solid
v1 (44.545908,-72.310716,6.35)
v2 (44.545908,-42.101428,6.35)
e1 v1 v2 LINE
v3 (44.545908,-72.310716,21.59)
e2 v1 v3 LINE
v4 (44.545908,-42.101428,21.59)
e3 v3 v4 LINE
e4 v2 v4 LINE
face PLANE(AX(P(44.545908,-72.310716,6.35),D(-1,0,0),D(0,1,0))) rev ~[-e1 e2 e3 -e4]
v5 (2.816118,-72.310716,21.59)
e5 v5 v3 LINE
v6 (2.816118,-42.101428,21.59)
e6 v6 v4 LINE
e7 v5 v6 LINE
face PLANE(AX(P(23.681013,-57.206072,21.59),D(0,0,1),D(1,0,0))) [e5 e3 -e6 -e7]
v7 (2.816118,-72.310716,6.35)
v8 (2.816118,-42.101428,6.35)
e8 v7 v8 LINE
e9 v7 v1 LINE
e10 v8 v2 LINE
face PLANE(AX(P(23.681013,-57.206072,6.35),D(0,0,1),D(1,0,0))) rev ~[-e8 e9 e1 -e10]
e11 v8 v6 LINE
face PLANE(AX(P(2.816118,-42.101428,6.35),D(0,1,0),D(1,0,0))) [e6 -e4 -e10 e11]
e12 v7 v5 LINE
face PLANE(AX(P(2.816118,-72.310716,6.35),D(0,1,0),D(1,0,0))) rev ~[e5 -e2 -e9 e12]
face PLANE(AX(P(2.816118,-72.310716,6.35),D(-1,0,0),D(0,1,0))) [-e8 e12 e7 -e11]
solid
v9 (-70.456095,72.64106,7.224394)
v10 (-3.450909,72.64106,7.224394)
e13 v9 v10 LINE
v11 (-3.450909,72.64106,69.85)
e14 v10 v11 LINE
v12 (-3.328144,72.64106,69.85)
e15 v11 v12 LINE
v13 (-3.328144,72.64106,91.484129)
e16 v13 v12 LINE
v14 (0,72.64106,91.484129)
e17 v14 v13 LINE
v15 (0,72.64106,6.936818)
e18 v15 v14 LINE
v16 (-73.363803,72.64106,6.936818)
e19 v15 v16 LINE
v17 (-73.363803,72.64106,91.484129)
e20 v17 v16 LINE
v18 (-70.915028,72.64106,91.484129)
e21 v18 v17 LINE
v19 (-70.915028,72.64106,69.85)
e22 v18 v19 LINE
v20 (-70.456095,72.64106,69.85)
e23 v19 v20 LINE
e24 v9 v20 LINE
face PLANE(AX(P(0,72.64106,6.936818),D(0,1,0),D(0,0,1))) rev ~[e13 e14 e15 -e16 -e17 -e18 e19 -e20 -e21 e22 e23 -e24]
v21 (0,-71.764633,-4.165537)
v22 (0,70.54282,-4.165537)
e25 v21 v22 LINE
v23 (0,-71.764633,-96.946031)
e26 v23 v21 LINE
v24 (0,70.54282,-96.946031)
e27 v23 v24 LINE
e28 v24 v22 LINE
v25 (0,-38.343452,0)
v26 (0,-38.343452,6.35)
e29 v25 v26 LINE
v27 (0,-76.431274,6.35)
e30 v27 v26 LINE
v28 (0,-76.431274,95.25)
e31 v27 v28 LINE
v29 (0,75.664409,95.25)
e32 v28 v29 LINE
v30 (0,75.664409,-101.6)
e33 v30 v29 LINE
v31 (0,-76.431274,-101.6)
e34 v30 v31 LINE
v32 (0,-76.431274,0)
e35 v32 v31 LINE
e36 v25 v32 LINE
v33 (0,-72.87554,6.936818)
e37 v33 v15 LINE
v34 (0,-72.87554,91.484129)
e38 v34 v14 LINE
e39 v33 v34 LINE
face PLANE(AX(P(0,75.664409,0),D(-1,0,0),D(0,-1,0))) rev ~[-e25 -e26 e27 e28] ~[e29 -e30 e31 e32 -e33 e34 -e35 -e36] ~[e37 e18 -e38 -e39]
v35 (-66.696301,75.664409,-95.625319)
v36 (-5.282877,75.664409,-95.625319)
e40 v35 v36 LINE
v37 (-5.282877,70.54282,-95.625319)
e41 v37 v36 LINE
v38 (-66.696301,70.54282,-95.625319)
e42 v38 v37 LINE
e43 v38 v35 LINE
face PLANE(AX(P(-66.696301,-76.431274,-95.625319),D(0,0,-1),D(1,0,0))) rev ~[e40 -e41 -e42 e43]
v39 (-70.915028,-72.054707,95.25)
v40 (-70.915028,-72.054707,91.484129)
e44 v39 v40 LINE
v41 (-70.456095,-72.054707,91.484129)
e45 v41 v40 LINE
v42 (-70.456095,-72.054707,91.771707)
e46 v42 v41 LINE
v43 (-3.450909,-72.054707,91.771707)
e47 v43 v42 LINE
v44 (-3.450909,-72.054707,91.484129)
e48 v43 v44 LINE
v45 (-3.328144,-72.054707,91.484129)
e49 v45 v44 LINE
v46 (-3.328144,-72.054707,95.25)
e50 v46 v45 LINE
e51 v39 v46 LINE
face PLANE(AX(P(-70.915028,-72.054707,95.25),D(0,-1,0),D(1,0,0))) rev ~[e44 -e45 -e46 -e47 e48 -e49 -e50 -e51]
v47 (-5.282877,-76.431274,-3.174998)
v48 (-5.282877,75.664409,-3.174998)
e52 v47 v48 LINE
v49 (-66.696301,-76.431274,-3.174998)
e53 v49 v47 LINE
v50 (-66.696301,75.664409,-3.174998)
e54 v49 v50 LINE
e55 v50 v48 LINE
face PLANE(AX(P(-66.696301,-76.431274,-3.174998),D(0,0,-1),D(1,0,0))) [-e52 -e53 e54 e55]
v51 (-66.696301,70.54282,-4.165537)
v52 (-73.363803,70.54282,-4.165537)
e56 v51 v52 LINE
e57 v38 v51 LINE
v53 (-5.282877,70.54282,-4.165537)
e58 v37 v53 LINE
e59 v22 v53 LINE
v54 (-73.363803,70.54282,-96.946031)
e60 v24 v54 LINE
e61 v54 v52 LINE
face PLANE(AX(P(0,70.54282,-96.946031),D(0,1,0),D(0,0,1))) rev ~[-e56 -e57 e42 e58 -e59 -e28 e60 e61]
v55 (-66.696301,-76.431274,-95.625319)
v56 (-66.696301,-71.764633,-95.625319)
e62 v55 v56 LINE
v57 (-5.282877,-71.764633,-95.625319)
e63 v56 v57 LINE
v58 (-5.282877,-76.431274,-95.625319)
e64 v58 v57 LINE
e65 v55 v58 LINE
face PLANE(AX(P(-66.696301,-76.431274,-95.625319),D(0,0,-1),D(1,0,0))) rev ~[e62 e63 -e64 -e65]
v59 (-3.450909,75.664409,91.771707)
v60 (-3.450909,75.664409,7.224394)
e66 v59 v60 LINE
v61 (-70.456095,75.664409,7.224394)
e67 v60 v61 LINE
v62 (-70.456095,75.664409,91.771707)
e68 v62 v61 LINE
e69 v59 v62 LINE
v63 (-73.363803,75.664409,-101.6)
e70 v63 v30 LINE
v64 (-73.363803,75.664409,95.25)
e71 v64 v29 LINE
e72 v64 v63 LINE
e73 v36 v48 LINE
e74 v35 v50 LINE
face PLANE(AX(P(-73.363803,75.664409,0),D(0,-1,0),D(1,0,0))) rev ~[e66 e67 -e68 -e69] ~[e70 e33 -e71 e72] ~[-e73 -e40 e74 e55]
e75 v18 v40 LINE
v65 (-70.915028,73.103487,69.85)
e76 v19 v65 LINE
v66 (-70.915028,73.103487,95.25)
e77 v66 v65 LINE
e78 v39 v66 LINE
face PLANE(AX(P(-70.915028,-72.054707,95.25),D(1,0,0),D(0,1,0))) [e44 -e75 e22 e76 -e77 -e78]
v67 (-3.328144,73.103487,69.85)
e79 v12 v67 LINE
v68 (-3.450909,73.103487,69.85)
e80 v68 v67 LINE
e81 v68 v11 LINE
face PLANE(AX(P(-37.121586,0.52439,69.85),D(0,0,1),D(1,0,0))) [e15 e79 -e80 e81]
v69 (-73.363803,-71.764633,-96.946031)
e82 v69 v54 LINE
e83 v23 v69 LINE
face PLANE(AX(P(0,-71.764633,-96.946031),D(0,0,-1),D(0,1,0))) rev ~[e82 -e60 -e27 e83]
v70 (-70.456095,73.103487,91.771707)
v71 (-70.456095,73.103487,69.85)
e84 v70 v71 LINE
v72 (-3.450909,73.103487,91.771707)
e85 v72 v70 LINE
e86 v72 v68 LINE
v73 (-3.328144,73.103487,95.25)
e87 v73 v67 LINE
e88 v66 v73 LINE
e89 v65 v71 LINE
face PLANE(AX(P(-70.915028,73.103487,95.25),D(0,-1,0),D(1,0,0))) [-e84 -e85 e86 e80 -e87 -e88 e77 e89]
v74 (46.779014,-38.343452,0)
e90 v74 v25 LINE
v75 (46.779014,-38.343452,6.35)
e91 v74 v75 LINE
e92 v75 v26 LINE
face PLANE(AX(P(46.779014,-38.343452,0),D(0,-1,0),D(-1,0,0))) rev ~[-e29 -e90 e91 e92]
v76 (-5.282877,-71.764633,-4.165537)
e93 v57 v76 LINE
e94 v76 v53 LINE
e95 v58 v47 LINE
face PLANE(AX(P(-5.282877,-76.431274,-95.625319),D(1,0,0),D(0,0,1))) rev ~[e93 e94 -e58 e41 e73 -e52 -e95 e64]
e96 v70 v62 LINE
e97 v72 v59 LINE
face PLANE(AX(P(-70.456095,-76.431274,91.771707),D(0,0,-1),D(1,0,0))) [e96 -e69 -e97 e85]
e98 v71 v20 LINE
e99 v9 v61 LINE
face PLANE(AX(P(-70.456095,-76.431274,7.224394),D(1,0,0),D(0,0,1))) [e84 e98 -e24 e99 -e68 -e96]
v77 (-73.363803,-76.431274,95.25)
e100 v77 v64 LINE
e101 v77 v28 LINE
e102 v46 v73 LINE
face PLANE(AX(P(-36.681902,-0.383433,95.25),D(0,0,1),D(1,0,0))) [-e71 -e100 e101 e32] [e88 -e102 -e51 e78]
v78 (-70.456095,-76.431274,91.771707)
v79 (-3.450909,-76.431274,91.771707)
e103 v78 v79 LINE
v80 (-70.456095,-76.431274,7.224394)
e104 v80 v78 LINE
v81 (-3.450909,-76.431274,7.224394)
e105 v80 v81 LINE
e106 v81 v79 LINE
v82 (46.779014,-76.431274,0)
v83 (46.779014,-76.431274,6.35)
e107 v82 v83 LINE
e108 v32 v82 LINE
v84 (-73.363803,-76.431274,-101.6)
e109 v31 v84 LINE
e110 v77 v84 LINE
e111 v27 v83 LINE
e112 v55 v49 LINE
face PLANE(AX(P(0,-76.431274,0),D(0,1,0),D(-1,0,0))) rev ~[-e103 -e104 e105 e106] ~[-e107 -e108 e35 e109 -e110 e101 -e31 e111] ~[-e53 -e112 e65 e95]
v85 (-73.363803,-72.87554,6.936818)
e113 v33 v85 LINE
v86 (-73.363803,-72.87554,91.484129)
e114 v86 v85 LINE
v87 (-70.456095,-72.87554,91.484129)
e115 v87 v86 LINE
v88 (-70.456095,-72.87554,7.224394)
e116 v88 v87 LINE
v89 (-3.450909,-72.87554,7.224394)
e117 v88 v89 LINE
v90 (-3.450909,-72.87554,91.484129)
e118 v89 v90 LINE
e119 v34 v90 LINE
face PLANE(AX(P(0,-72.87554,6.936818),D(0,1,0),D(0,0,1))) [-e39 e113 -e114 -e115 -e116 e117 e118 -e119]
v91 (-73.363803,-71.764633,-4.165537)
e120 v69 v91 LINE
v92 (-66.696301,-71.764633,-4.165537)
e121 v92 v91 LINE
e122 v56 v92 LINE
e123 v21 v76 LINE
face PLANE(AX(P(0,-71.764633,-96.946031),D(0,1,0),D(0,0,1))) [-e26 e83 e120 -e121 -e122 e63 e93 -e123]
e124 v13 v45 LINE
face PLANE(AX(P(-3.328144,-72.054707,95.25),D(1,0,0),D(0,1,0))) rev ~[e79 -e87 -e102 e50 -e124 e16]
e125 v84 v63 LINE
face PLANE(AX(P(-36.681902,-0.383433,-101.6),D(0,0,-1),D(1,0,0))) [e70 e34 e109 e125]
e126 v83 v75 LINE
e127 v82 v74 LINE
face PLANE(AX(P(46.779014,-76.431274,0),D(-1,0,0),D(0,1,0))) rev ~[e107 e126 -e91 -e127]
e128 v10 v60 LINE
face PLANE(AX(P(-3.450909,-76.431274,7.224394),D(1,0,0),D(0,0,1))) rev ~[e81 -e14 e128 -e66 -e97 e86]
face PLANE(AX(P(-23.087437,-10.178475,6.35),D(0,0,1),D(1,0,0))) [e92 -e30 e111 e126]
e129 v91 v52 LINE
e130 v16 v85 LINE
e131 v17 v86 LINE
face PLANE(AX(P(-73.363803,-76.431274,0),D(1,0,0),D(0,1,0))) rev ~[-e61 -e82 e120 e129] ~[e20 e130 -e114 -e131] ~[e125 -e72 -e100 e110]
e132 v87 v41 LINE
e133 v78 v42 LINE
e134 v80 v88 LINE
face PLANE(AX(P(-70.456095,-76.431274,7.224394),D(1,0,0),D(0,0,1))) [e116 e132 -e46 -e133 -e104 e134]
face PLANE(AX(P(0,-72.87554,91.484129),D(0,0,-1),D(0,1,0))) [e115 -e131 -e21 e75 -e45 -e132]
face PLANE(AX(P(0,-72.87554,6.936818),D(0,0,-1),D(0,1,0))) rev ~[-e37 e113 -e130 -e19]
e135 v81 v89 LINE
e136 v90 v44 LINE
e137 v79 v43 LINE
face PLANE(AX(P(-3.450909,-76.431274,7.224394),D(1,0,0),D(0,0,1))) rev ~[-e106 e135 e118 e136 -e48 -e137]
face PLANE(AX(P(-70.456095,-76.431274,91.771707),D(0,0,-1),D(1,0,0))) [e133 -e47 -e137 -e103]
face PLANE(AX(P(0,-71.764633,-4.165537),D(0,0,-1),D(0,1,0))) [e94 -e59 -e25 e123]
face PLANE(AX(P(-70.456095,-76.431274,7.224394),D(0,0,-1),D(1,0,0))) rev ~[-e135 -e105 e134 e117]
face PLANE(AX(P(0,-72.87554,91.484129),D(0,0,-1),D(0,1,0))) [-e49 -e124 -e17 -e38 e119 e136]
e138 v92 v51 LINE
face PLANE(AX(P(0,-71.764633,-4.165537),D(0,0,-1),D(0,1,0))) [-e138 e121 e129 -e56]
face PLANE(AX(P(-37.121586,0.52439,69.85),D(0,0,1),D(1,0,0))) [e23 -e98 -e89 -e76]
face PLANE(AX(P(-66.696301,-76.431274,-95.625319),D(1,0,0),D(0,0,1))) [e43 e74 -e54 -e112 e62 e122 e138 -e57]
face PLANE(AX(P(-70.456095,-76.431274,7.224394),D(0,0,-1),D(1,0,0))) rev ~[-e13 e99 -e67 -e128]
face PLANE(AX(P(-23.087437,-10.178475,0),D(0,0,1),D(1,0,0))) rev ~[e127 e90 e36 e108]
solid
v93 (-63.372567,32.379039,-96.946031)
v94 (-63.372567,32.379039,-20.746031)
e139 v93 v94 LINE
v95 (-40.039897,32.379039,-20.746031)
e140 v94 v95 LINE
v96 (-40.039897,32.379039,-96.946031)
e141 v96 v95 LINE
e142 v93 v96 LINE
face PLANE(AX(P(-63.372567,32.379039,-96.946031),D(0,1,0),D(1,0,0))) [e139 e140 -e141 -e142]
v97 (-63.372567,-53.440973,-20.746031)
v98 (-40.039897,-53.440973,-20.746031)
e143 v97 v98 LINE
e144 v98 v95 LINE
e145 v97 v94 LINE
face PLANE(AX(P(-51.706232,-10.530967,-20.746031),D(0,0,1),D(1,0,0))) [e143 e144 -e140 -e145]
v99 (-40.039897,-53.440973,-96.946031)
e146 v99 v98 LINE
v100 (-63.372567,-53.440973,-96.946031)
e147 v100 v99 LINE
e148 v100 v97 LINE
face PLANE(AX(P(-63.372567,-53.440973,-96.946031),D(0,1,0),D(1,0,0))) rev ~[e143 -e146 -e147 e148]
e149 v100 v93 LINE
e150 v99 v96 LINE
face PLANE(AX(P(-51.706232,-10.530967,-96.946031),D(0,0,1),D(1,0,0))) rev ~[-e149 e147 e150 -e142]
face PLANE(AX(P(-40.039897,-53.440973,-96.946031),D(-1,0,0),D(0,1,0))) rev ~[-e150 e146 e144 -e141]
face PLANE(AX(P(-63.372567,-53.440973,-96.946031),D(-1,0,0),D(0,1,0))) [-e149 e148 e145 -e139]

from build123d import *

# Parameters (mm, degrees)
F1_DEPTH  = 6.35
F2_W      = 73.3638033271
F2_H      = 152.095682919
F3_DEPTH  = 88.9
F4_W      = 67.0051856432
F4_H      = 84.5473129302
F5_DEPTH  = 152.096682919
F6_W      = 145.5166
F6_H      = 84.5473115332
F7_DEPTH  = 73.3648033271
F9_DEPTH  = 101.6
F10_W     = 61.4134236239
F10_H     = 92.4503207207
F11_DEPTH = 152.096682919
F12_W     = 142.3074528575
F12_H     = 92.7804936655
F13_DEPTH = 73.3648033271
F14_W     = 41.7297899257
F14_H     = 30.2092880011
F15_DEPTH = 15.24
F16_W     = 23.332670331
F16_H     = 85.8200117946
F17_DEPTH = 76.2
F18_W     = 67.5868841354
F18_H     = 145.1581940055
F19_DEPTH = 25.4


with BuildPart() as f1:
    # F0 (on Top) → F1 (new body)
    with BuildSketch(Plane.XY):
        Polygon((0, -38.3434519172), (0, 0), (0, 75.664408505), (-73.3638033271, 75.664408505), (-73.3638033271, -76.4312744141), (46.7790141702, -76.4312744141), (46.7790141702, -38.3434519172), align=None)
    extrude(amount=F1_DEPTH)

    # F2 (on face) → F3 (join)
    with BuildSketch(Plane.XY.offset(6.35)):
        with Locations((-36.6819016635, -0.3834329545)):
            Rectangle(F2_W, F2_H)
    extrude(amount=F3_DEPTH)

    # F4 (on face) → F5 (cut, through all)
    with BuildSketch(Plane.XZ.offset(76.4312744141)):
        with Locations((-36.9535022182, 49.4980504736)):
            Rectangle(F4_W, F4_H)
    extrude(amount=-F5_DEPTH, mode=Mode.SUBTRACT)

    # F6 (on face) → F7 (cut, through all)
    with BuildSketch(Plane.YZ):
        with Locations((-0.1172402437, 49.2104736622)):
            Rectangle(F6_W, F6_H)
    extrude(amount=-F7_DEPTH, mode=Mode.SUBTRACT)

    # F8 (on face) → F9 (join)
    with BuildSketch(Plane(origin=(0, 0, 0), x_dir=(1, 0, 0), z_dir=(0, 0, -1))):
        Polygon((0, 76.4312744141), (-73.3638033271, 76.4312744141), (-73.3638033271, -75.664408505), (0, -75.664408505), (0, 38.3434519172), align=None)
    extrude(amount=F9_DEPTH)

    # F10 (on face) → F11 (cut, through all)
    with BuildSketch(Plane.XZ.offset(76.4312744141)):
        with Locations((-35.9895892907, -49.4001582265)):
            Rectangle(F10_W, F10_H)
    extrude(amount=-F11_DEPTH, mode=Mode.SUBTRACT)

    # F12 (on face) → F13 (cut, through all)
    with BuildSketch(Plane.YZ):
        with Locations((-0.6109066308, -50.5557840224)):
            Rectangle(F12_W, F12_H)
    extrude(amount=-F13_DEPTH, mode=Mode.SUBTRACT)

    # F18 (on face) → F19 (cut)
    with BuildSketch(Plane.XY.offset(95.25)):
        with Locations((-37.1215863852, 0.5243904889)):
            Rectangle(F18_W, F18_H)
    extrude(amount=-F19_DEPTH, mode=Mode.SUBTRACT)


with BuildPart() as f15:
    # F14 (on face) → F15 (new body)
    with BuildSketch(Plane.XY.offset(6.35)):
        with Locations((23.6810125643, -57.2060719132)):
            Rectangle(F14_W, F14_H)
    extrude(amount=F15_DEPTH)


with BuildPart() as f17:
    # F16 (on face) → F17 (new body)
    with BuildSketch(Plane.XY.offset(-96.9460308552)):
        with Locations((-51.7062321305, -10.5309672654)):
            Rectangle(F16_W, F16_H)
    extrude(amount=F17_DEPTH)


solid = Compound([f1.part, f15.part, f17.part])
